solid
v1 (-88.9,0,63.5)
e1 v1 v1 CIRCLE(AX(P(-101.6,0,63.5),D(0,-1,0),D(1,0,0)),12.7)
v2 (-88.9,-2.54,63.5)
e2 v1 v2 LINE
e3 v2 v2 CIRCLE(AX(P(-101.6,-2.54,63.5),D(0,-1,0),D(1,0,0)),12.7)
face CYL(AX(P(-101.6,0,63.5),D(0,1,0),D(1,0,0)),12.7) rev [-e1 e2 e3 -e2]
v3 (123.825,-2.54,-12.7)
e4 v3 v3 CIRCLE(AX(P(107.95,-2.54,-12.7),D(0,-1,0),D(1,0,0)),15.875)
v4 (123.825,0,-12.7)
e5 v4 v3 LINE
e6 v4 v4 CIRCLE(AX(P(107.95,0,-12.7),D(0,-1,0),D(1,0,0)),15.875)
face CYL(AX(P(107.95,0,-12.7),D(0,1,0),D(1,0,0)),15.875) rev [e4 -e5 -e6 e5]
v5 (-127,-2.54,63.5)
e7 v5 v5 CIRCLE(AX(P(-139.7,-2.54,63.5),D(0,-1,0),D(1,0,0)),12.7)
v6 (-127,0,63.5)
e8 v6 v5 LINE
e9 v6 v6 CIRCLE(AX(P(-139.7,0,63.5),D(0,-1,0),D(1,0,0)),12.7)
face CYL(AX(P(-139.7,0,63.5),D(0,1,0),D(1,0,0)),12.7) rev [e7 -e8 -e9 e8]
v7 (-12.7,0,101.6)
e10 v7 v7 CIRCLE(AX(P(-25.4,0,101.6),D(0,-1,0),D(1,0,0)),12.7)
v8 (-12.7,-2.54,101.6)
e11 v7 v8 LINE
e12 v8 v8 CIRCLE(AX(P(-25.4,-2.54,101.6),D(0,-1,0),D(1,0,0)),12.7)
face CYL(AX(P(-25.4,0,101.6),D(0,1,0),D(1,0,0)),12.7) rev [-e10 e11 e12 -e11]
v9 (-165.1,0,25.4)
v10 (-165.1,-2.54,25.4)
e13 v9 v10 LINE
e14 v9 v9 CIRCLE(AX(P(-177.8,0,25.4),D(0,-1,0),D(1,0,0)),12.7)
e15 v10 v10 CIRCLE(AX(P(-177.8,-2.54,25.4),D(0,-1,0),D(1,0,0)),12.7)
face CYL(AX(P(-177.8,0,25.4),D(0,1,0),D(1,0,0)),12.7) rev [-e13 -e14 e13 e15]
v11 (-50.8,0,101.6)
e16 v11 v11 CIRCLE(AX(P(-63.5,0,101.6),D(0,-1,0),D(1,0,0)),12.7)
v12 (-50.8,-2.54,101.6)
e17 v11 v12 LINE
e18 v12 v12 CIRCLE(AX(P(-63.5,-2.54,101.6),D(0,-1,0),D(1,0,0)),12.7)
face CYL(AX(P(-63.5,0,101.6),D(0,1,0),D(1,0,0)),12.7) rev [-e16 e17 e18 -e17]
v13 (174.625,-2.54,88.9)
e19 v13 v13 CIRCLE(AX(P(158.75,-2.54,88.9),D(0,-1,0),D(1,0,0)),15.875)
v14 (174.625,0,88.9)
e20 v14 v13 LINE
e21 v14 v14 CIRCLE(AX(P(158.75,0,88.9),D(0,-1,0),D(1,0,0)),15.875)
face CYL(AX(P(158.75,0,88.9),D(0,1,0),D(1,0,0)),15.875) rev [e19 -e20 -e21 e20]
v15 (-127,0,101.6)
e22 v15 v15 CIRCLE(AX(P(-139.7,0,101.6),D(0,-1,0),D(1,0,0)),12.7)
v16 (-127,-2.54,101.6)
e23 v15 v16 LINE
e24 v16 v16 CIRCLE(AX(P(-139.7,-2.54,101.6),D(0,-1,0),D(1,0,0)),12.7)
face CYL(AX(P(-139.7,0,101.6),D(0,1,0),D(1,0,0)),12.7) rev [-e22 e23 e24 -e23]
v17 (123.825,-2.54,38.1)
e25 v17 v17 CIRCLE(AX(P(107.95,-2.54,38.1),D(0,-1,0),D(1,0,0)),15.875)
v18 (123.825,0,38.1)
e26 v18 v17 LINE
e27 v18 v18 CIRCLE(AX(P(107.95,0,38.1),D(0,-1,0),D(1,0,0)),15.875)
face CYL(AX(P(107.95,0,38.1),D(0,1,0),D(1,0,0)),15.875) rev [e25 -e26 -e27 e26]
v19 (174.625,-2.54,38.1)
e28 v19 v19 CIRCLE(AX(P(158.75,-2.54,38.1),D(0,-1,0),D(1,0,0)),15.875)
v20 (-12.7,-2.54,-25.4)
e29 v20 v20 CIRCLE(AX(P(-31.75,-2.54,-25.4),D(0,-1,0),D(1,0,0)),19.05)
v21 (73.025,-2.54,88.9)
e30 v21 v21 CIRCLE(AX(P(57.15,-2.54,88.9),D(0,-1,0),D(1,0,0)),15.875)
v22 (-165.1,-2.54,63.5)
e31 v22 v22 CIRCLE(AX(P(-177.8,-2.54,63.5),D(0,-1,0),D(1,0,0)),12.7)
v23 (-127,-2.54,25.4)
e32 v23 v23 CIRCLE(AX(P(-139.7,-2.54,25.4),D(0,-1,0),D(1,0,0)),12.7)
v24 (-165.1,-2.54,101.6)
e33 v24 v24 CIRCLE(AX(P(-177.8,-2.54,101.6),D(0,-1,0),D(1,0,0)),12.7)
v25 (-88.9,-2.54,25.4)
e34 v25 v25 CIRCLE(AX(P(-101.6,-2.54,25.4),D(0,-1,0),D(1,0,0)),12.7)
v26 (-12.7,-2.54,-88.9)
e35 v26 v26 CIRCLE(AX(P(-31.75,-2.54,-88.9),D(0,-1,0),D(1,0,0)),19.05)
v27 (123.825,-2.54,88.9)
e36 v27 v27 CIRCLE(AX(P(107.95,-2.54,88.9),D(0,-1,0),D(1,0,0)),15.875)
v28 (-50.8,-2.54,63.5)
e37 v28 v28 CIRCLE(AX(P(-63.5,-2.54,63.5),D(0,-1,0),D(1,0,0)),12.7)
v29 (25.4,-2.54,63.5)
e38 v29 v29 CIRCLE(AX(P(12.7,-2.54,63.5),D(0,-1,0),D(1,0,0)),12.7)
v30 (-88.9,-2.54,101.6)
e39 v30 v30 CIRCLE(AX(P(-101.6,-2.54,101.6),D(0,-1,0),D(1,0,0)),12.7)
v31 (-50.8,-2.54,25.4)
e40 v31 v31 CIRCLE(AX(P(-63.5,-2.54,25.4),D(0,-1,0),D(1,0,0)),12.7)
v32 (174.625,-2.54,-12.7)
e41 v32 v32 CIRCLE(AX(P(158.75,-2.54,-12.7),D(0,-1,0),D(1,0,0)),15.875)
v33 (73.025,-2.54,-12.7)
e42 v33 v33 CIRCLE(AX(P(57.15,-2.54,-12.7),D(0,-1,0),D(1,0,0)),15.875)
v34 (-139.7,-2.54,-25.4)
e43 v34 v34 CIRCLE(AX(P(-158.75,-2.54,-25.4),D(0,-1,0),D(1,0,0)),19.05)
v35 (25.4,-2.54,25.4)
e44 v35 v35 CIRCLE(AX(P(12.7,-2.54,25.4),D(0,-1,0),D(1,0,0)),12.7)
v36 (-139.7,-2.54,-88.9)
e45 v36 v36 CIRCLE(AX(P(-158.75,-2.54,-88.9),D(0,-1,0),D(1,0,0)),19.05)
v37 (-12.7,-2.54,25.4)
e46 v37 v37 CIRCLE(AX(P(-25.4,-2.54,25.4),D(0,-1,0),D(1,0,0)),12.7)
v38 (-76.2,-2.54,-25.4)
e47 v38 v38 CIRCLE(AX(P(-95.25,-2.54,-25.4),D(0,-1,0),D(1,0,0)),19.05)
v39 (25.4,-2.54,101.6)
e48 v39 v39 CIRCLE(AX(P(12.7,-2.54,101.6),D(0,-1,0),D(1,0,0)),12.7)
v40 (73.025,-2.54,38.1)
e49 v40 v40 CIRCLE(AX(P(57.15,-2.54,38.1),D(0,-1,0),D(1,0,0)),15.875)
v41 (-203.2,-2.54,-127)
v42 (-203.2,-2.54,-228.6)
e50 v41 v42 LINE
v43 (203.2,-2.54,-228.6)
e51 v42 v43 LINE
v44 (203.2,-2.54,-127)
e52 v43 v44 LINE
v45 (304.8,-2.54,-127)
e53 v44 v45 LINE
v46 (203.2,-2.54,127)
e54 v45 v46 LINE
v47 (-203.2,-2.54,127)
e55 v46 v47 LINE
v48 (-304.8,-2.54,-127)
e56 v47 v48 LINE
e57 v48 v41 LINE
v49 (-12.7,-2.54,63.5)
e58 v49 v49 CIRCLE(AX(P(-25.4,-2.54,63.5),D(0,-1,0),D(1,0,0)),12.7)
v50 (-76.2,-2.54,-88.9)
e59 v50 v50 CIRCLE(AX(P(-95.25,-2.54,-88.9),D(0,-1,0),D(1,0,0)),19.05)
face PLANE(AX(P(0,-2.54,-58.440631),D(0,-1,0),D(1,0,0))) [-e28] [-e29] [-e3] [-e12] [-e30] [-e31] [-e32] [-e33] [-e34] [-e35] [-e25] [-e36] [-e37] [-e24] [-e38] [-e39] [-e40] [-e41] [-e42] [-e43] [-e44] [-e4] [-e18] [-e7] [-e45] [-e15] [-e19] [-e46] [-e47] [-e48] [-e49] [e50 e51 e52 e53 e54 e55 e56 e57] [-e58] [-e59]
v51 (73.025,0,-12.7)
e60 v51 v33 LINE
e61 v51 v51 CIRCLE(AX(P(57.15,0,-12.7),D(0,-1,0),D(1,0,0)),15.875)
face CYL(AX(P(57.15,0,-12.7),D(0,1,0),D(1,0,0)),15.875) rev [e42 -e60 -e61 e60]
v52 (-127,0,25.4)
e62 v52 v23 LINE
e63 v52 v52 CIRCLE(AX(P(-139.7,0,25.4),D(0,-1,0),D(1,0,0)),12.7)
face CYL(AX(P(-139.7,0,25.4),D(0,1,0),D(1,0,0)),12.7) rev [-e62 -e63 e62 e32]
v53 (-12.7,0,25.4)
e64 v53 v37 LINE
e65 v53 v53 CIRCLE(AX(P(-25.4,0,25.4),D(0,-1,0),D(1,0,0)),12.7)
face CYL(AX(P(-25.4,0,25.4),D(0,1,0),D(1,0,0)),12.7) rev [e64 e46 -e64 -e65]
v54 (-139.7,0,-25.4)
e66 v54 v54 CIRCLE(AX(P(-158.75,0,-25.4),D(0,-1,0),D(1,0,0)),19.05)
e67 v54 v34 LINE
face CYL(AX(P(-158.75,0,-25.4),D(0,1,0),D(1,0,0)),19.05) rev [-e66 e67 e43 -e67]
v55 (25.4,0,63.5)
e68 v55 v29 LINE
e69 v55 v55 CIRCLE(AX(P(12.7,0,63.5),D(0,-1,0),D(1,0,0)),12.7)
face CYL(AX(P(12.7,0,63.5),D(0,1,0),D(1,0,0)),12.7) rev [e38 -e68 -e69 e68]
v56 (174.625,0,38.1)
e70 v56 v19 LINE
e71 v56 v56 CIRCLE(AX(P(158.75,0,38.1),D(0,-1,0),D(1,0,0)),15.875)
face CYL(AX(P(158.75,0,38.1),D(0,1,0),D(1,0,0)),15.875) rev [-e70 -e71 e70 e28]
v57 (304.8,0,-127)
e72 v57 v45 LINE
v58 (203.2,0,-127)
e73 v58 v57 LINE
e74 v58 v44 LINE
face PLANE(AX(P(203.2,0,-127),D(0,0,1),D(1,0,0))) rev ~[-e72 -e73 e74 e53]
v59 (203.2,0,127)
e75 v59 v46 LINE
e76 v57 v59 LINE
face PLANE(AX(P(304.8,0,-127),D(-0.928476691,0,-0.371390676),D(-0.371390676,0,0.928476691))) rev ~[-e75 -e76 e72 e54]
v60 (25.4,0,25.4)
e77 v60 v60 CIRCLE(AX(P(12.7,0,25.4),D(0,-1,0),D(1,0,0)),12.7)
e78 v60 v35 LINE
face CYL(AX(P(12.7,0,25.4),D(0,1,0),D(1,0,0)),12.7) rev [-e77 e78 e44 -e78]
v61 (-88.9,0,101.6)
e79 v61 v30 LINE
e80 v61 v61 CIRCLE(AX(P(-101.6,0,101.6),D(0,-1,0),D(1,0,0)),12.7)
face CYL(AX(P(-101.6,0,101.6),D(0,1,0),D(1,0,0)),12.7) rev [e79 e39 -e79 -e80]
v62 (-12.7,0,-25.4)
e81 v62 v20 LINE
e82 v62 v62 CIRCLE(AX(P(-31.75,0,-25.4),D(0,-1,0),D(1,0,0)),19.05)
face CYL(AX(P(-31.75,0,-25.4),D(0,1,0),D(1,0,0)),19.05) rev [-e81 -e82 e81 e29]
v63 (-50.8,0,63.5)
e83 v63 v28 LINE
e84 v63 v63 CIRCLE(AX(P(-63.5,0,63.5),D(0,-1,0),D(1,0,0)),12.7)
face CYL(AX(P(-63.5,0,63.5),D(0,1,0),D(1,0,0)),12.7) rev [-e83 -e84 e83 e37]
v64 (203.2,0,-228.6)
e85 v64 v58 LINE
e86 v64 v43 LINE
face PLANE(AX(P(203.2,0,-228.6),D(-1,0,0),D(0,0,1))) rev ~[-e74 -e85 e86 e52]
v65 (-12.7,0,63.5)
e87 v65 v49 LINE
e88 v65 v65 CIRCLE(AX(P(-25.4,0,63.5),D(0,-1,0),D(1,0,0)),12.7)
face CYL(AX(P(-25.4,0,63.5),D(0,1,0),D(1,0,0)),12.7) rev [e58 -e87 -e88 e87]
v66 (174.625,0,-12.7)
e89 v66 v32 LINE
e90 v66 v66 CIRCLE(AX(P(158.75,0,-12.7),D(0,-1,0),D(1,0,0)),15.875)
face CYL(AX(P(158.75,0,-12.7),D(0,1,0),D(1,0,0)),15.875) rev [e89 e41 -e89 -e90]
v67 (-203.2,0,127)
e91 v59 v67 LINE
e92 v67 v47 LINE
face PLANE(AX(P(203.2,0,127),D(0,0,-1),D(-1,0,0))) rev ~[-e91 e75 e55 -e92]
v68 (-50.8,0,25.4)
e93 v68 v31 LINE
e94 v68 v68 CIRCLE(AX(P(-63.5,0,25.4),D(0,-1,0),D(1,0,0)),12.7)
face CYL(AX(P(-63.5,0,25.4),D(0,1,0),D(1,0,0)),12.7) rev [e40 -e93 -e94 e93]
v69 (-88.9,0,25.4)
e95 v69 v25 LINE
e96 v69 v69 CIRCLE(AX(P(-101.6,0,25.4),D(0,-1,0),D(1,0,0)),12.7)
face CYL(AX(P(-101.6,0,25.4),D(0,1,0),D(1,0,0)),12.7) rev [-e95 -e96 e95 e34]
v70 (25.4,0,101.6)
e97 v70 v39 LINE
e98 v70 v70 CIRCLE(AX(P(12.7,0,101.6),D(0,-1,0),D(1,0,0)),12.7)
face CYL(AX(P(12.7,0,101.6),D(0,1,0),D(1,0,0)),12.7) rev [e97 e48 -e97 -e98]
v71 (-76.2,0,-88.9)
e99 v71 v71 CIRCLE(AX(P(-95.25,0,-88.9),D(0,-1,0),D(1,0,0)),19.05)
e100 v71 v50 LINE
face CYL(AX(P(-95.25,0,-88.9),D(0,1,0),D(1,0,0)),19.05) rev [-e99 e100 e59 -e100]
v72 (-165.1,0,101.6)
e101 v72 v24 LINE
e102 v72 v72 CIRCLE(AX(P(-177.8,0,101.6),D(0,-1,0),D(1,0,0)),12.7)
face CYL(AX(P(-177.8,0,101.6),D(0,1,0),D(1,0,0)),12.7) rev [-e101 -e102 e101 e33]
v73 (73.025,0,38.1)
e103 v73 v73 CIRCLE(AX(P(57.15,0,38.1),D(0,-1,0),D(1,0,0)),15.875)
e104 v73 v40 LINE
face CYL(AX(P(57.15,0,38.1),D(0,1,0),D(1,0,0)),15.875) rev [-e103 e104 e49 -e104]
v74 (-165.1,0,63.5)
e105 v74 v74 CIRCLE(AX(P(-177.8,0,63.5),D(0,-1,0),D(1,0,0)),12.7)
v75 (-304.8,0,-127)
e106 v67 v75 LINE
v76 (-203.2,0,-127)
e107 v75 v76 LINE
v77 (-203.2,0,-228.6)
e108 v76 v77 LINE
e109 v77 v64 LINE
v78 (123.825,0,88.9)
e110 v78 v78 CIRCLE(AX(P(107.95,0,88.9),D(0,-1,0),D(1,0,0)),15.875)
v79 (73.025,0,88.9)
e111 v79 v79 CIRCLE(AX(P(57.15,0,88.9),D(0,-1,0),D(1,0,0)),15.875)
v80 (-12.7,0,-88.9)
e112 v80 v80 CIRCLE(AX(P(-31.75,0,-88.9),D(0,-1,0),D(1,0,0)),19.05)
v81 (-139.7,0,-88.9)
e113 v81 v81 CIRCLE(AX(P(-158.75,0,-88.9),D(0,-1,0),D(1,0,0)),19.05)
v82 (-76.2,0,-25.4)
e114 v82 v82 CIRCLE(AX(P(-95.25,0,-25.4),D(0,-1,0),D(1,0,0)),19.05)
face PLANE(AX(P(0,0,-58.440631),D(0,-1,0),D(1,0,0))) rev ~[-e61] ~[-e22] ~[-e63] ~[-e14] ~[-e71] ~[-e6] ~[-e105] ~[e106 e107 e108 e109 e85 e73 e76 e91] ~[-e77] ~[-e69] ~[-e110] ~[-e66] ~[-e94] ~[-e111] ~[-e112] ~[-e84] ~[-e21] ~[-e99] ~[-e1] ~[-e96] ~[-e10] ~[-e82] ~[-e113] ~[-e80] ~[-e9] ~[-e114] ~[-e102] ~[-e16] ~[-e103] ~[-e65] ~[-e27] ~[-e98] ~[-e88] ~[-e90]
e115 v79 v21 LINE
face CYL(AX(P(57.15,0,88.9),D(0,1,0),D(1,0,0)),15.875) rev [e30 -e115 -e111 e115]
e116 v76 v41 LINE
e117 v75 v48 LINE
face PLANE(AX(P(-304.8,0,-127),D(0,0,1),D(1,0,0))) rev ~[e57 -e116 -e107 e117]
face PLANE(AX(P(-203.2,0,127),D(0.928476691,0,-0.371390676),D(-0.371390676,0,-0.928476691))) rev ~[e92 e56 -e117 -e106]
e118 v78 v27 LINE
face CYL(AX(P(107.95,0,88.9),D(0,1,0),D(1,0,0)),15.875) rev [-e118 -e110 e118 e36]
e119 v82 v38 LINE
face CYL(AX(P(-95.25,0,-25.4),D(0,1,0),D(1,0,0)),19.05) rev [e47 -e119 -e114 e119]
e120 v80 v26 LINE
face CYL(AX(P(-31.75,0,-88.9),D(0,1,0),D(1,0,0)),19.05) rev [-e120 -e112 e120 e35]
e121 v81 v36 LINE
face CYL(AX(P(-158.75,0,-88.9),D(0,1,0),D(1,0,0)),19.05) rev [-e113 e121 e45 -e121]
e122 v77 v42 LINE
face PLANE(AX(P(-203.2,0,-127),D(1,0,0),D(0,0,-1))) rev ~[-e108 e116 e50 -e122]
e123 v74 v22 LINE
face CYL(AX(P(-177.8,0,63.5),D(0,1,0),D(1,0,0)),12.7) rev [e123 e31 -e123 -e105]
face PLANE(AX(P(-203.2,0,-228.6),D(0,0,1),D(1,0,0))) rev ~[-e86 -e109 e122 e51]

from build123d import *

# Parameters (mm, degrees)
F0_R     = 19.05
F0_R_2   = 12.7
F0_R_3   = 15.875
F1_DEPTH = 2.54


with BuildPart() as f1:
    # F0 (on Front) → F1 (new body)
    with BuildSketch(Plane.XZ):
        Polygon((304.8, -127), (203.2, 127), (-203.2, 127), (-304.8, -127), (-203.2, -127), (-203.2, -228.6), (203.2, -228.6), (203.2, -127), align=None)
        with Locations((-158.75, -88.9)):
            Circle(F0_R, mode=Mode.SUBTRACT)
        with Locations((-95.25, -88.9)):
            Circle(F0_R, mode=Mode.SUBTRACT)
        with Locations((-31.75, -88.9)):
            Circle(F0_R, mode=Mode.SUBTRACT)
        with Locations((-158.75, -25.4)):
            Circle(F0_R, mode=Mode.SUBTRACT)
        with Locations((-177.8, 25.4)):
            Circle(F0_R_2, mode=Mode.SUBTRACT)
        with Locations((-95.25, -25.4)):
            Circle(F0_R, mode=Mode.SUBTRACT)
        with Locations((-31.75, -25.4)):
            Circle(F0_R, mode=Mode.SUBTRACT)
        with Locations((-139.7, 25.4)):
            Circle(F0_R_2, mode=Mode.SUBTRACT)
        with Locations((-101.6, 25.4)):
            Circle(F0_R_2, mode=Mode.SUBTRACT)
        with Locations((-63.5, 25.4)):
            Circle(F0_R_2, mode=Mode.SUBTRACT)
        with Locations((-25.4, 25.4)):
            Circle(F0_R_2, mode=Mode.SUBTRACT)
        with Locations((-177.8, 63.5)):
            Circle(F0_R_2, mode=Mode.SUBTRACT)
        with Locations((-177.8, 101.6)):
            Circle(F0_R_2, mode=Mode.SUBTRACT)
        with Locations((-139.7, 63.5)):
            Circle(F0_R_2, mode=Mode.SUBTRACT)
        with Locations((-101.6, 63.5)):
            Circle(F0_R_2, mode=Mode.SUBTRACT)
        with Locations((-63.5, 63.5)):
            Circle(F0_R_2, mode=Mode.SUBTRACT)
        with Locations((-25.4, 63.5)):
            Circle(F0_R_2, mode=Mode.SUBTRACT)
        with Locations((-139.7, 101.6)):
            Circle(F0_R_2, mode=Mode.SUBTRACT)
        with Locations((-101.6, 101.6)):
            Circle(F0_R_2, mode=Mode.SUBTRACT)
        with Locations((-63.5, 101.6)):
            Circle(F0_R_2, mode=Mode.SUBTRACT)
        with Locations((-25.4, 101.6)):
            Circle(F0_R_2, mode=Mode.SUBTRACT)
        with Locations((57.15, -12.7)):
            Circle(F0_R_3, mode=Mode.SUBTRACT)
        with Locations((107.95, -12.7)):
            Circle(F0_R_3, mode=Mode.SUBTRACT)
        with Locations((12.7, 25.4)):
            Circle(F0_R_2, mode=Mode.SUBTRACT)
        with Locations((158.75, -12.7)):
            Circle(F0_R_3, mode=Mode.SUBTRACT)
        with Locations((57.15, 38.1)):
            Circle(F0_R_3, mode=Mode.SUBTRACT)
        with Locations((12.7, 63.5)):
            Circle(F0_R_2, mode=Mode.SUBTRACT)
        with Locations((107.95, 38.1)):
            Circle(F0_R_3, mode=Mode.SUBTRACT)
        with Locations((12.7, 101.6)):
            Circle(F0_R_2, mode=Mode.SUBTRACT)
        with Locations((57.15, 88.9)):
            Circle(F0_R_3, mode=Mode.SUBTRACT)
        with Locations((107.95, 88.9)):
            Circle(F0_R_3, mode=Mode.SUBTRACT)
        with Locations((158.75, 38.1)):
            Circle(F0_R_3, mode=Mode.SUBTRACT)
        with Locations((158.75, 88.9)):
            Circle(F0_R_3, mode=Mode.SUBTRACT)
    extrude(amount=F1_DEPTH)


solid = f1.part
